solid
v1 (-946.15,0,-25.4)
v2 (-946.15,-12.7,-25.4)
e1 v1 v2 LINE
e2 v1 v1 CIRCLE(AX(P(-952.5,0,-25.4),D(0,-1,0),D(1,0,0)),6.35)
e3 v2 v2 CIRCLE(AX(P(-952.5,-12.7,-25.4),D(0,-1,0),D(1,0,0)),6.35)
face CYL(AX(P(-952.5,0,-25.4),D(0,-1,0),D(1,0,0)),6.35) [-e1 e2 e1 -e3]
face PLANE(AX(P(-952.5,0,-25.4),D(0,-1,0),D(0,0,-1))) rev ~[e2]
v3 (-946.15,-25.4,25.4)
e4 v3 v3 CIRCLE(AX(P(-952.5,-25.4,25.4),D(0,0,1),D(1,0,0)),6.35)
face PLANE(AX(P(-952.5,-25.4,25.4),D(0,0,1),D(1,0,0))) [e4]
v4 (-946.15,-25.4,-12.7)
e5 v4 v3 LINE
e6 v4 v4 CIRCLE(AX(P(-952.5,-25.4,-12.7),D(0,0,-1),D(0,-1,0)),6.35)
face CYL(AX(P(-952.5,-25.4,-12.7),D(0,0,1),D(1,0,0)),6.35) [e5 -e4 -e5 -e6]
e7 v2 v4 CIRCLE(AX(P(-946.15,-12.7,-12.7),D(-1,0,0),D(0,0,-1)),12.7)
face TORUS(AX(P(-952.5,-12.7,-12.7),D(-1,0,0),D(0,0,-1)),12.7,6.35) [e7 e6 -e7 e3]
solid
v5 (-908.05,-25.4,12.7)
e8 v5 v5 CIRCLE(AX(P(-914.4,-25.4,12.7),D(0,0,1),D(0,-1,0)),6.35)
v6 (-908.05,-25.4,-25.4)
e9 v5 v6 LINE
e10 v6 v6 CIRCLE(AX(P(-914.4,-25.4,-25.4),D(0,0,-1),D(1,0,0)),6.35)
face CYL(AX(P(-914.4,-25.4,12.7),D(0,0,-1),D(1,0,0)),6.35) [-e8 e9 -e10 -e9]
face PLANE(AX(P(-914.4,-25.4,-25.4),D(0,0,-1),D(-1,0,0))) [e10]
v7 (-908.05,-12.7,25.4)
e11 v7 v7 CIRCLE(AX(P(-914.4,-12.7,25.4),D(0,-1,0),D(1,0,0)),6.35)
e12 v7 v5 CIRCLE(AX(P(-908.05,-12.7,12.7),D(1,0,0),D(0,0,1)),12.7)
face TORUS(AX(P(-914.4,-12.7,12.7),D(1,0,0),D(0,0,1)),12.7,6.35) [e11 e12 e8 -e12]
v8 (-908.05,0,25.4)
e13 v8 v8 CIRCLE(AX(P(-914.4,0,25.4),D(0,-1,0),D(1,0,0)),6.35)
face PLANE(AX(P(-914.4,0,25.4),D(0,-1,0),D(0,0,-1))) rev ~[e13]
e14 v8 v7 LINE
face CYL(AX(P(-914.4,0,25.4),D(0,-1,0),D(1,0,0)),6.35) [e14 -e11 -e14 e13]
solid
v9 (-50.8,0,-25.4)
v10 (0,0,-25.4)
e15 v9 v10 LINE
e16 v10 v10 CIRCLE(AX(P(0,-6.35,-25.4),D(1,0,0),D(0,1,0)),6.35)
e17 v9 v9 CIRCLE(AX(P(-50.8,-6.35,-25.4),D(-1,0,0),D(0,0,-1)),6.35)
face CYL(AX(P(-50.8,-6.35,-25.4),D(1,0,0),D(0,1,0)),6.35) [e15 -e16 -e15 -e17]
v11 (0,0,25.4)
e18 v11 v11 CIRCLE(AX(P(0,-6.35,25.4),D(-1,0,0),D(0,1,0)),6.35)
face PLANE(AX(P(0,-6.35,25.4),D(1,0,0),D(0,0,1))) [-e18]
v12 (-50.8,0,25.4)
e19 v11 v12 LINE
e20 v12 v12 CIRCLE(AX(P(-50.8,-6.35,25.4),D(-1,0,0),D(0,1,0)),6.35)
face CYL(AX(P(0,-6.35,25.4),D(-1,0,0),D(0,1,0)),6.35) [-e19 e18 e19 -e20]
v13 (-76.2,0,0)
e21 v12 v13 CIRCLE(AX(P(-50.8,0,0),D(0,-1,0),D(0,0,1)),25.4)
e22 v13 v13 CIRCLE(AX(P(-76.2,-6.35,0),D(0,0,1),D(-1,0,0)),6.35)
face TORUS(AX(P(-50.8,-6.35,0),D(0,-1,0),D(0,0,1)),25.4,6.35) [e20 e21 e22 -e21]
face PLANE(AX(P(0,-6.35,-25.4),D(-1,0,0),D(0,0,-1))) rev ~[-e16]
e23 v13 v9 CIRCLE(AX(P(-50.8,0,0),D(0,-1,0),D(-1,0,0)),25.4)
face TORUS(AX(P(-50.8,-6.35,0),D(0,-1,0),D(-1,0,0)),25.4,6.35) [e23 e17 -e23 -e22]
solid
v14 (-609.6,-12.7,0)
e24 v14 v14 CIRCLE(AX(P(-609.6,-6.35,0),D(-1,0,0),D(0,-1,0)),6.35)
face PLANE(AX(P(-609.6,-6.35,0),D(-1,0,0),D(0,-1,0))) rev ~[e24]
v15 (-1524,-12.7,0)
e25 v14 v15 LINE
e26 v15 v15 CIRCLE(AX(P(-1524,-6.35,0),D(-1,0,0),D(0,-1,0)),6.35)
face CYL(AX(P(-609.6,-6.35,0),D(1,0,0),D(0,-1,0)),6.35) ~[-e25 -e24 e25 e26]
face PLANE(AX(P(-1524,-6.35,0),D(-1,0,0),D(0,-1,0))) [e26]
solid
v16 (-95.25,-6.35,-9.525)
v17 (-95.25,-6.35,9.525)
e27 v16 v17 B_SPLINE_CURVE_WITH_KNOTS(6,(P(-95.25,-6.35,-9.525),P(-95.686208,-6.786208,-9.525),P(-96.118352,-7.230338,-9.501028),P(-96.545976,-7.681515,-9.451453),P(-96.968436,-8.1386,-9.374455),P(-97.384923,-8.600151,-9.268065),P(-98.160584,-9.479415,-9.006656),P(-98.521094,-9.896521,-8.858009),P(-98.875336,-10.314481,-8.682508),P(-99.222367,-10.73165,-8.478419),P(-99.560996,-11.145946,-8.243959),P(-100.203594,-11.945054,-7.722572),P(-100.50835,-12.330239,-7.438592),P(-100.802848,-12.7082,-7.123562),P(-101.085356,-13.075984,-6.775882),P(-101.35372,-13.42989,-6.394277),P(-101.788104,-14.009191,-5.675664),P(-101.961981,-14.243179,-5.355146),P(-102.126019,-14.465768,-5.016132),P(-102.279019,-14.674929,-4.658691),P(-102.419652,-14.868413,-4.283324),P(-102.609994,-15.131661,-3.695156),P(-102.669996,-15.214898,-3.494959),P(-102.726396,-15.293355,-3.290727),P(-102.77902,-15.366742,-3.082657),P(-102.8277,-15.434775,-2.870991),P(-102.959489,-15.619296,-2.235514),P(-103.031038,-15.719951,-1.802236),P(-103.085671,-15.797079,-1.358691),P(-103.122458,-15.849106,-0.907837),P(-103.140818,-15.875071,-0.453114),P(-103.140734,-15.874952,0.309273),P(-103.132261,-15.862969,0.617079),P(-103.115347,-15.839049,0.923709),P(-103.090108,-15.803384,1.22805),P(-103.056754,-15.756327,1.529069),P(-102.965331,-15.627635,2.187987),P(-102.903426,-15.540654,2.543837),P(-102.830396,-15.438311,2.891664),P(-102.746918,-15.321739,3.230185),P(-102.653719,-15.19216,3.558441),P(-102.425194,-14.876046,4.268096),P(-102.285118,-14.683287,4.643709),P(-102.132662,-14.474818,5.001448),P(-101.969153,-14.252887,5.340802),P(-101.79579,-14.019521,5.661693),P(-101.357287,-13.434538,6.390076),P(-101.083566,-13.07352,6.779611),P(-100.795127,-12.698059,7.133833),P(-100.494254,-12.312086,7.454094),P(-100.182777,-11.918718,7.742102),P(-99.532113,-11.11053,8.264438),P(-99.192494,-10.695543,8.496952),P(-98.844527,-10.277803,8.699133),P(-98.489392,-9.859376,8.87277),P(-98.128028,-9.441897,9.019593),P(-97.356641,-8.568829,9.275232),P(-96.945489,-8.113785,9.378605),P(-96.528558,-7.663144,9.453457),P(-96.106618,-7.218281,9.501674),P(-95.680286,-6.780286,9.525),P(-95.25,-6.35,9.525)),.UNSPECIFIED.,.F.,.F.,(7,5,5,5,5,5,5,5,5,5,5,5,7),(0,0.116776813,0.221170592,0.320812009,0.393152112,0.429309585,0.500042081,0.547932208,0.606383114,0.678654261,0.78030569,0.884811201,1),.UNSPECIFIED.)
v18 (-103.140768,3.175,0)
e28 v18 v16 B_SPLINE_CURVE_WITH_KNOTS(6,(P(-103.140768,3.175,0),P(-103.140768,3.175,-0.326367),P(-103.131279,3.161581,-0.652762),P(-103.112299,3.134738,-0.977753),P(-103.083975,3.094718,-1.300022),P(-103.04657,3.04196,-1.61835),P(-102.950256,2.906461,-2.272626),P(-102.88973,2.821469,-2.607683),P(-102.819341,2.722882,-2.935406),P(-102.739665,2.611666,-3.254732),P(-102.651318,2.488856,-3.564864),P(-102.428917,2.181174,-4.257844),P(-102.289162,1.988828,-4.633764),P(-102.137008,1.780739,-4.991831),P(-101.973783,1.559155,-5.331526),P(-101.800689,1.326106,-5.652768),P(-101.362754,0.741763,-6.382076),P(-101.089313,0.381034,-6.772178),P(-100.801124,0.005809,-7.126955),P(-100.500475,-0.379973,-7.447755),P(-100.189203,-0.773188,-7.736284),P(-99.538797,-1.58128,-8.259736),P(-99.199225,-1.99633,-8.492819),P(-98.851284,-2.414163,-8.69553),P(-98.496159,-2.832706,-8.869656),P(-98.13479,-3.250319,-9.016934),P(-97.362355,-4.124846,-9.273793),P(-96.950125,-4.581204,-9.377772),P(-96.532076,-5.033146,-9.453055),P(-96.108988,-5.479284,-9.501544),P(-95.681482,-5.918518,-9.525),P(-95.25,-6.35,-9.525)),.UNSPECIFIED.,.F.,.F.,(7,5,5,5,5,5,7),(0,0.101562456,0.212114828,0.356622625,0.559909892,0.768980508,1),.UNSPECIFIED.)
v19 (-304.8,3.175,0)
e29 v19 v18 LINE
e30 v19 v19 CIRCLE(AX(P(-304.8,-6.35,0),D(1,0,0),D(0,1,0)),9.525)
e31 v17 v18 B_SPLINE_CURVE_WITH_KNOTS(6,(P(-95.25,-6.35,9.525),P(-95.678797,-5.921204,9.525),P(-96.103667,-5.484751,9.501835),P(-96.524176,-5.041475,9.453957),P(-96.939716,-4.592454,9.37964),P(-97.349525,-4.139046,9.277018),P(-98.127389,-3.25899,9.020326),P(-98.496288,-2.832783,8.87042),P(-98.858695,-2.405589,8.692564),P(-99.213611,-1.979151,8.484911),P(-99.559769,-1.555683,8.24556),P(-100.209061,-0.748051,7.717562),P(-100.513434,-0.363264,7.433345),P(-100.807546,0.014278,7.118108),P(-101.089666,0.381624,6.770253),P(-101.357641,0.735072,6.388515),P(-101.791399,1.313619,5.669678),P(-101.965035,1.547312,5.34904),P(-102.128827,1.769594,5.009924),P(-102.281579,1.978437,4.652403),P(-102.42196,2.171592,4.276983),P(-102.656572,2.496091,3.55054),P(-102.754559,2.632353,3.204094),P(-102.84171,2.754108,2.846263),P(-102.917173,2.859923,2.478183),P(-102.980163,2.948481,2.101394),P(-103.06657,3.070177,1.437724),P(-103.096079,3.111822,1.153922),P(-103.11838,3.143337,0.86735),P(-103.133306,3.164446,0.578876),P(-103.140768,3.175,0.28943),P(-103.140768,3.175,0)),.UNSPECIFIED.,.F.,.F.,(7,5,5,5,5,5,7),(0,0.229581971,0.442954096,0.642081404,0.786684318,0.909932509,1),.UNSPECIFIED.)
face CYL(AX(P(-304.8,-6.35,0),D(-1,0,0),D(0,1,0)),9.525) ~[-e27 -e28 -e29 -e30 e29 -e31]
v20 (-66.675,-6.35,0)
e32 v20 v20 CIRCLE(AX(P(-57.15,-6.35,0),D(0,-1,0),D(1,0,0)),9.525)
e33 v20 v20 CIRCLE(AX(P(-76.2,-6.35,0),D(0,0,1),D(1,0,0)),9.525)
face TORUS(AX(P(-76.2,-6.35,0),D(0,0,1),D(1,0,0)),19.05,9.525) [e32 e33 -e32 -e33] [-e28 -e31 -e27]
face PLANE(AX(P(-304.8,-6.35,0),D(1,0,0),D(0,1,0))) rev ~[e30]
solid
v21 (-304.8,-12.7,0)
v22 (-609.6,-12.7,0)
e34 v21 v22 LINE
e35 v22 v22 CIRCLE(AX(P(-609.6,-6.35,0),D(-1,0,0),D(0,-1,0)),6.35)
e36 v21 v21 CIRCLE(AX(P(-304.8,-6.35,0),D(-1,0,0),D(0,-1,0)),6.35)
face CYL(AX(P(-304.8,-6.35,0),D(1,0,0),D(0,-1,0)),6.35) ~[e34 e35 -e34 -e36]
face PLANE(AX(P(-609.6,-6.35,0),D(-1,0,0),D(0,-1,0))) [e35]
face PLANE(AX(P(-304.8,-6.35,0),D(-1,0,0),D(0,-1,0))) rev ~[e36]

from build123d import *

# Parameters (mm, degrees)
F0_R      = 6.35
F5_R      = 9.525
F9_R      = 9.525
F11_R     = 6.35
F12_DEPTH = 304.8
F13_R     = 6.35
F14_DEPTH = 914.4
F15_R     = 6.35
F16_R     = 6.35


with BuildPart() as f2:
    # F2: sweep along a path in F1
    with BuildLine(Plane.XZ) as f2_path:
        Line((0, 25.4), (-50.8, 25.4))
        ThreePointArc((-50.8, 25.4), (-68.7605122421, 17.9605122421), (-76.2, 0))
        ThreePointArc((-76.2, 0), (-68.7605122421, -17.9605122421), (-50.8, -25.4))
        Line((-50.8, -25.4), (0, -25.4))
    # F0 (on Right) → F2 (sweep)
    with BuildSketch(Plane.YZ):
        with Locations((-6.35, 25.4)):
            Circle(F0_R)
    sweep(path=f2_path.line)


with BuildPart() as f7:
    # F7: sweep along a path in F6
    with BuildLine(Plane.XY) as f7_path:
        CenterArc((-76.2, -6.35), 15.875, 0, 360)
    # F5 (on 3pt) → F7 (sweep)
    with BuildSketch(Plane.XZ.offset(6.35)):
        with Locations((-95.25, 0)):
            Circle(F5_R)
    sweep(path=f7_path.line)

    # F9 (on offset) → F10 (join, up to the next surface of F7)
    with BuildSketch(Plane.YZ.offset(-304.8)):
        with Locations((-6.35, 0)):
            Circle(F9_R)
    extrude(until=Until.NEXT)


with BuildPart() as f12:
    # F11 (on face) → F12 (new body)
    with BuildSketch(Plane(origin=(-304.8, 0, 0), x_dir=(0, -1, 0), z_dir=(-1, 0, 0))):
        with Locations((6.35, 0)):
            Circle(F11_R)
    extrude(amount=F12_DEPTH)


with BuildPart() as f14:
    # F13 (on face) → F14 (new body)
    with BuildSketch(Plane(origin=(-609.6, 0, 0), x_dir=(0, -1, 0), z_dir=(-1, 0, 0))):
        with Locations((6.35, 0)):
            Circle(F13_R)
    extrude(amount=F14_DEPTH)


with BuildPart() as f19:
    # F19: sweep along a path in F17
    with BuildLine(Plane.YZ.offset(-304.8)) as f19_path:
        Line((0, 25.4), (-12.7, 25.4))
        ThreePointArc((-12.7, 25.4), (-21.6802561211, 21.6802561211), (-25.4, 12.7))
        Line((-25.4, 12.7), (-25.4, -25.4))
    # F15 (on Front) → F19 (sweep)
    with BuildSketch(Plane.XZ):
        with Locations((-914.4, 25.4)):
            Circle(F15_R)
    sweep(path=f19_path.line)


with BuildPart() as f20:
    # F20: sweep along a path in F18
    with BuildLine(Plane.YZ.offset(-304.8)) as f20_path:
        Line((0, -25.4), (-12.7, -25.4))
        ThreePointArc((-12.7, -25.4), (-21.6802561211, -21.6802561211), (-25.4, -12.7))
        Line((-25.4, -12.7), (-25.4, 25.4))
    # F16 (on Front) → F20 (sweep)
    with BuildSketch(Plane.XZ):
        with Locations((-952.5, -25.4)):
            Circle(F16_R)
    sweep(path=f20_path.line)


solid = Compound([f2.part, f7.part, f12.part, f14.part, f19.part, f20.part])
